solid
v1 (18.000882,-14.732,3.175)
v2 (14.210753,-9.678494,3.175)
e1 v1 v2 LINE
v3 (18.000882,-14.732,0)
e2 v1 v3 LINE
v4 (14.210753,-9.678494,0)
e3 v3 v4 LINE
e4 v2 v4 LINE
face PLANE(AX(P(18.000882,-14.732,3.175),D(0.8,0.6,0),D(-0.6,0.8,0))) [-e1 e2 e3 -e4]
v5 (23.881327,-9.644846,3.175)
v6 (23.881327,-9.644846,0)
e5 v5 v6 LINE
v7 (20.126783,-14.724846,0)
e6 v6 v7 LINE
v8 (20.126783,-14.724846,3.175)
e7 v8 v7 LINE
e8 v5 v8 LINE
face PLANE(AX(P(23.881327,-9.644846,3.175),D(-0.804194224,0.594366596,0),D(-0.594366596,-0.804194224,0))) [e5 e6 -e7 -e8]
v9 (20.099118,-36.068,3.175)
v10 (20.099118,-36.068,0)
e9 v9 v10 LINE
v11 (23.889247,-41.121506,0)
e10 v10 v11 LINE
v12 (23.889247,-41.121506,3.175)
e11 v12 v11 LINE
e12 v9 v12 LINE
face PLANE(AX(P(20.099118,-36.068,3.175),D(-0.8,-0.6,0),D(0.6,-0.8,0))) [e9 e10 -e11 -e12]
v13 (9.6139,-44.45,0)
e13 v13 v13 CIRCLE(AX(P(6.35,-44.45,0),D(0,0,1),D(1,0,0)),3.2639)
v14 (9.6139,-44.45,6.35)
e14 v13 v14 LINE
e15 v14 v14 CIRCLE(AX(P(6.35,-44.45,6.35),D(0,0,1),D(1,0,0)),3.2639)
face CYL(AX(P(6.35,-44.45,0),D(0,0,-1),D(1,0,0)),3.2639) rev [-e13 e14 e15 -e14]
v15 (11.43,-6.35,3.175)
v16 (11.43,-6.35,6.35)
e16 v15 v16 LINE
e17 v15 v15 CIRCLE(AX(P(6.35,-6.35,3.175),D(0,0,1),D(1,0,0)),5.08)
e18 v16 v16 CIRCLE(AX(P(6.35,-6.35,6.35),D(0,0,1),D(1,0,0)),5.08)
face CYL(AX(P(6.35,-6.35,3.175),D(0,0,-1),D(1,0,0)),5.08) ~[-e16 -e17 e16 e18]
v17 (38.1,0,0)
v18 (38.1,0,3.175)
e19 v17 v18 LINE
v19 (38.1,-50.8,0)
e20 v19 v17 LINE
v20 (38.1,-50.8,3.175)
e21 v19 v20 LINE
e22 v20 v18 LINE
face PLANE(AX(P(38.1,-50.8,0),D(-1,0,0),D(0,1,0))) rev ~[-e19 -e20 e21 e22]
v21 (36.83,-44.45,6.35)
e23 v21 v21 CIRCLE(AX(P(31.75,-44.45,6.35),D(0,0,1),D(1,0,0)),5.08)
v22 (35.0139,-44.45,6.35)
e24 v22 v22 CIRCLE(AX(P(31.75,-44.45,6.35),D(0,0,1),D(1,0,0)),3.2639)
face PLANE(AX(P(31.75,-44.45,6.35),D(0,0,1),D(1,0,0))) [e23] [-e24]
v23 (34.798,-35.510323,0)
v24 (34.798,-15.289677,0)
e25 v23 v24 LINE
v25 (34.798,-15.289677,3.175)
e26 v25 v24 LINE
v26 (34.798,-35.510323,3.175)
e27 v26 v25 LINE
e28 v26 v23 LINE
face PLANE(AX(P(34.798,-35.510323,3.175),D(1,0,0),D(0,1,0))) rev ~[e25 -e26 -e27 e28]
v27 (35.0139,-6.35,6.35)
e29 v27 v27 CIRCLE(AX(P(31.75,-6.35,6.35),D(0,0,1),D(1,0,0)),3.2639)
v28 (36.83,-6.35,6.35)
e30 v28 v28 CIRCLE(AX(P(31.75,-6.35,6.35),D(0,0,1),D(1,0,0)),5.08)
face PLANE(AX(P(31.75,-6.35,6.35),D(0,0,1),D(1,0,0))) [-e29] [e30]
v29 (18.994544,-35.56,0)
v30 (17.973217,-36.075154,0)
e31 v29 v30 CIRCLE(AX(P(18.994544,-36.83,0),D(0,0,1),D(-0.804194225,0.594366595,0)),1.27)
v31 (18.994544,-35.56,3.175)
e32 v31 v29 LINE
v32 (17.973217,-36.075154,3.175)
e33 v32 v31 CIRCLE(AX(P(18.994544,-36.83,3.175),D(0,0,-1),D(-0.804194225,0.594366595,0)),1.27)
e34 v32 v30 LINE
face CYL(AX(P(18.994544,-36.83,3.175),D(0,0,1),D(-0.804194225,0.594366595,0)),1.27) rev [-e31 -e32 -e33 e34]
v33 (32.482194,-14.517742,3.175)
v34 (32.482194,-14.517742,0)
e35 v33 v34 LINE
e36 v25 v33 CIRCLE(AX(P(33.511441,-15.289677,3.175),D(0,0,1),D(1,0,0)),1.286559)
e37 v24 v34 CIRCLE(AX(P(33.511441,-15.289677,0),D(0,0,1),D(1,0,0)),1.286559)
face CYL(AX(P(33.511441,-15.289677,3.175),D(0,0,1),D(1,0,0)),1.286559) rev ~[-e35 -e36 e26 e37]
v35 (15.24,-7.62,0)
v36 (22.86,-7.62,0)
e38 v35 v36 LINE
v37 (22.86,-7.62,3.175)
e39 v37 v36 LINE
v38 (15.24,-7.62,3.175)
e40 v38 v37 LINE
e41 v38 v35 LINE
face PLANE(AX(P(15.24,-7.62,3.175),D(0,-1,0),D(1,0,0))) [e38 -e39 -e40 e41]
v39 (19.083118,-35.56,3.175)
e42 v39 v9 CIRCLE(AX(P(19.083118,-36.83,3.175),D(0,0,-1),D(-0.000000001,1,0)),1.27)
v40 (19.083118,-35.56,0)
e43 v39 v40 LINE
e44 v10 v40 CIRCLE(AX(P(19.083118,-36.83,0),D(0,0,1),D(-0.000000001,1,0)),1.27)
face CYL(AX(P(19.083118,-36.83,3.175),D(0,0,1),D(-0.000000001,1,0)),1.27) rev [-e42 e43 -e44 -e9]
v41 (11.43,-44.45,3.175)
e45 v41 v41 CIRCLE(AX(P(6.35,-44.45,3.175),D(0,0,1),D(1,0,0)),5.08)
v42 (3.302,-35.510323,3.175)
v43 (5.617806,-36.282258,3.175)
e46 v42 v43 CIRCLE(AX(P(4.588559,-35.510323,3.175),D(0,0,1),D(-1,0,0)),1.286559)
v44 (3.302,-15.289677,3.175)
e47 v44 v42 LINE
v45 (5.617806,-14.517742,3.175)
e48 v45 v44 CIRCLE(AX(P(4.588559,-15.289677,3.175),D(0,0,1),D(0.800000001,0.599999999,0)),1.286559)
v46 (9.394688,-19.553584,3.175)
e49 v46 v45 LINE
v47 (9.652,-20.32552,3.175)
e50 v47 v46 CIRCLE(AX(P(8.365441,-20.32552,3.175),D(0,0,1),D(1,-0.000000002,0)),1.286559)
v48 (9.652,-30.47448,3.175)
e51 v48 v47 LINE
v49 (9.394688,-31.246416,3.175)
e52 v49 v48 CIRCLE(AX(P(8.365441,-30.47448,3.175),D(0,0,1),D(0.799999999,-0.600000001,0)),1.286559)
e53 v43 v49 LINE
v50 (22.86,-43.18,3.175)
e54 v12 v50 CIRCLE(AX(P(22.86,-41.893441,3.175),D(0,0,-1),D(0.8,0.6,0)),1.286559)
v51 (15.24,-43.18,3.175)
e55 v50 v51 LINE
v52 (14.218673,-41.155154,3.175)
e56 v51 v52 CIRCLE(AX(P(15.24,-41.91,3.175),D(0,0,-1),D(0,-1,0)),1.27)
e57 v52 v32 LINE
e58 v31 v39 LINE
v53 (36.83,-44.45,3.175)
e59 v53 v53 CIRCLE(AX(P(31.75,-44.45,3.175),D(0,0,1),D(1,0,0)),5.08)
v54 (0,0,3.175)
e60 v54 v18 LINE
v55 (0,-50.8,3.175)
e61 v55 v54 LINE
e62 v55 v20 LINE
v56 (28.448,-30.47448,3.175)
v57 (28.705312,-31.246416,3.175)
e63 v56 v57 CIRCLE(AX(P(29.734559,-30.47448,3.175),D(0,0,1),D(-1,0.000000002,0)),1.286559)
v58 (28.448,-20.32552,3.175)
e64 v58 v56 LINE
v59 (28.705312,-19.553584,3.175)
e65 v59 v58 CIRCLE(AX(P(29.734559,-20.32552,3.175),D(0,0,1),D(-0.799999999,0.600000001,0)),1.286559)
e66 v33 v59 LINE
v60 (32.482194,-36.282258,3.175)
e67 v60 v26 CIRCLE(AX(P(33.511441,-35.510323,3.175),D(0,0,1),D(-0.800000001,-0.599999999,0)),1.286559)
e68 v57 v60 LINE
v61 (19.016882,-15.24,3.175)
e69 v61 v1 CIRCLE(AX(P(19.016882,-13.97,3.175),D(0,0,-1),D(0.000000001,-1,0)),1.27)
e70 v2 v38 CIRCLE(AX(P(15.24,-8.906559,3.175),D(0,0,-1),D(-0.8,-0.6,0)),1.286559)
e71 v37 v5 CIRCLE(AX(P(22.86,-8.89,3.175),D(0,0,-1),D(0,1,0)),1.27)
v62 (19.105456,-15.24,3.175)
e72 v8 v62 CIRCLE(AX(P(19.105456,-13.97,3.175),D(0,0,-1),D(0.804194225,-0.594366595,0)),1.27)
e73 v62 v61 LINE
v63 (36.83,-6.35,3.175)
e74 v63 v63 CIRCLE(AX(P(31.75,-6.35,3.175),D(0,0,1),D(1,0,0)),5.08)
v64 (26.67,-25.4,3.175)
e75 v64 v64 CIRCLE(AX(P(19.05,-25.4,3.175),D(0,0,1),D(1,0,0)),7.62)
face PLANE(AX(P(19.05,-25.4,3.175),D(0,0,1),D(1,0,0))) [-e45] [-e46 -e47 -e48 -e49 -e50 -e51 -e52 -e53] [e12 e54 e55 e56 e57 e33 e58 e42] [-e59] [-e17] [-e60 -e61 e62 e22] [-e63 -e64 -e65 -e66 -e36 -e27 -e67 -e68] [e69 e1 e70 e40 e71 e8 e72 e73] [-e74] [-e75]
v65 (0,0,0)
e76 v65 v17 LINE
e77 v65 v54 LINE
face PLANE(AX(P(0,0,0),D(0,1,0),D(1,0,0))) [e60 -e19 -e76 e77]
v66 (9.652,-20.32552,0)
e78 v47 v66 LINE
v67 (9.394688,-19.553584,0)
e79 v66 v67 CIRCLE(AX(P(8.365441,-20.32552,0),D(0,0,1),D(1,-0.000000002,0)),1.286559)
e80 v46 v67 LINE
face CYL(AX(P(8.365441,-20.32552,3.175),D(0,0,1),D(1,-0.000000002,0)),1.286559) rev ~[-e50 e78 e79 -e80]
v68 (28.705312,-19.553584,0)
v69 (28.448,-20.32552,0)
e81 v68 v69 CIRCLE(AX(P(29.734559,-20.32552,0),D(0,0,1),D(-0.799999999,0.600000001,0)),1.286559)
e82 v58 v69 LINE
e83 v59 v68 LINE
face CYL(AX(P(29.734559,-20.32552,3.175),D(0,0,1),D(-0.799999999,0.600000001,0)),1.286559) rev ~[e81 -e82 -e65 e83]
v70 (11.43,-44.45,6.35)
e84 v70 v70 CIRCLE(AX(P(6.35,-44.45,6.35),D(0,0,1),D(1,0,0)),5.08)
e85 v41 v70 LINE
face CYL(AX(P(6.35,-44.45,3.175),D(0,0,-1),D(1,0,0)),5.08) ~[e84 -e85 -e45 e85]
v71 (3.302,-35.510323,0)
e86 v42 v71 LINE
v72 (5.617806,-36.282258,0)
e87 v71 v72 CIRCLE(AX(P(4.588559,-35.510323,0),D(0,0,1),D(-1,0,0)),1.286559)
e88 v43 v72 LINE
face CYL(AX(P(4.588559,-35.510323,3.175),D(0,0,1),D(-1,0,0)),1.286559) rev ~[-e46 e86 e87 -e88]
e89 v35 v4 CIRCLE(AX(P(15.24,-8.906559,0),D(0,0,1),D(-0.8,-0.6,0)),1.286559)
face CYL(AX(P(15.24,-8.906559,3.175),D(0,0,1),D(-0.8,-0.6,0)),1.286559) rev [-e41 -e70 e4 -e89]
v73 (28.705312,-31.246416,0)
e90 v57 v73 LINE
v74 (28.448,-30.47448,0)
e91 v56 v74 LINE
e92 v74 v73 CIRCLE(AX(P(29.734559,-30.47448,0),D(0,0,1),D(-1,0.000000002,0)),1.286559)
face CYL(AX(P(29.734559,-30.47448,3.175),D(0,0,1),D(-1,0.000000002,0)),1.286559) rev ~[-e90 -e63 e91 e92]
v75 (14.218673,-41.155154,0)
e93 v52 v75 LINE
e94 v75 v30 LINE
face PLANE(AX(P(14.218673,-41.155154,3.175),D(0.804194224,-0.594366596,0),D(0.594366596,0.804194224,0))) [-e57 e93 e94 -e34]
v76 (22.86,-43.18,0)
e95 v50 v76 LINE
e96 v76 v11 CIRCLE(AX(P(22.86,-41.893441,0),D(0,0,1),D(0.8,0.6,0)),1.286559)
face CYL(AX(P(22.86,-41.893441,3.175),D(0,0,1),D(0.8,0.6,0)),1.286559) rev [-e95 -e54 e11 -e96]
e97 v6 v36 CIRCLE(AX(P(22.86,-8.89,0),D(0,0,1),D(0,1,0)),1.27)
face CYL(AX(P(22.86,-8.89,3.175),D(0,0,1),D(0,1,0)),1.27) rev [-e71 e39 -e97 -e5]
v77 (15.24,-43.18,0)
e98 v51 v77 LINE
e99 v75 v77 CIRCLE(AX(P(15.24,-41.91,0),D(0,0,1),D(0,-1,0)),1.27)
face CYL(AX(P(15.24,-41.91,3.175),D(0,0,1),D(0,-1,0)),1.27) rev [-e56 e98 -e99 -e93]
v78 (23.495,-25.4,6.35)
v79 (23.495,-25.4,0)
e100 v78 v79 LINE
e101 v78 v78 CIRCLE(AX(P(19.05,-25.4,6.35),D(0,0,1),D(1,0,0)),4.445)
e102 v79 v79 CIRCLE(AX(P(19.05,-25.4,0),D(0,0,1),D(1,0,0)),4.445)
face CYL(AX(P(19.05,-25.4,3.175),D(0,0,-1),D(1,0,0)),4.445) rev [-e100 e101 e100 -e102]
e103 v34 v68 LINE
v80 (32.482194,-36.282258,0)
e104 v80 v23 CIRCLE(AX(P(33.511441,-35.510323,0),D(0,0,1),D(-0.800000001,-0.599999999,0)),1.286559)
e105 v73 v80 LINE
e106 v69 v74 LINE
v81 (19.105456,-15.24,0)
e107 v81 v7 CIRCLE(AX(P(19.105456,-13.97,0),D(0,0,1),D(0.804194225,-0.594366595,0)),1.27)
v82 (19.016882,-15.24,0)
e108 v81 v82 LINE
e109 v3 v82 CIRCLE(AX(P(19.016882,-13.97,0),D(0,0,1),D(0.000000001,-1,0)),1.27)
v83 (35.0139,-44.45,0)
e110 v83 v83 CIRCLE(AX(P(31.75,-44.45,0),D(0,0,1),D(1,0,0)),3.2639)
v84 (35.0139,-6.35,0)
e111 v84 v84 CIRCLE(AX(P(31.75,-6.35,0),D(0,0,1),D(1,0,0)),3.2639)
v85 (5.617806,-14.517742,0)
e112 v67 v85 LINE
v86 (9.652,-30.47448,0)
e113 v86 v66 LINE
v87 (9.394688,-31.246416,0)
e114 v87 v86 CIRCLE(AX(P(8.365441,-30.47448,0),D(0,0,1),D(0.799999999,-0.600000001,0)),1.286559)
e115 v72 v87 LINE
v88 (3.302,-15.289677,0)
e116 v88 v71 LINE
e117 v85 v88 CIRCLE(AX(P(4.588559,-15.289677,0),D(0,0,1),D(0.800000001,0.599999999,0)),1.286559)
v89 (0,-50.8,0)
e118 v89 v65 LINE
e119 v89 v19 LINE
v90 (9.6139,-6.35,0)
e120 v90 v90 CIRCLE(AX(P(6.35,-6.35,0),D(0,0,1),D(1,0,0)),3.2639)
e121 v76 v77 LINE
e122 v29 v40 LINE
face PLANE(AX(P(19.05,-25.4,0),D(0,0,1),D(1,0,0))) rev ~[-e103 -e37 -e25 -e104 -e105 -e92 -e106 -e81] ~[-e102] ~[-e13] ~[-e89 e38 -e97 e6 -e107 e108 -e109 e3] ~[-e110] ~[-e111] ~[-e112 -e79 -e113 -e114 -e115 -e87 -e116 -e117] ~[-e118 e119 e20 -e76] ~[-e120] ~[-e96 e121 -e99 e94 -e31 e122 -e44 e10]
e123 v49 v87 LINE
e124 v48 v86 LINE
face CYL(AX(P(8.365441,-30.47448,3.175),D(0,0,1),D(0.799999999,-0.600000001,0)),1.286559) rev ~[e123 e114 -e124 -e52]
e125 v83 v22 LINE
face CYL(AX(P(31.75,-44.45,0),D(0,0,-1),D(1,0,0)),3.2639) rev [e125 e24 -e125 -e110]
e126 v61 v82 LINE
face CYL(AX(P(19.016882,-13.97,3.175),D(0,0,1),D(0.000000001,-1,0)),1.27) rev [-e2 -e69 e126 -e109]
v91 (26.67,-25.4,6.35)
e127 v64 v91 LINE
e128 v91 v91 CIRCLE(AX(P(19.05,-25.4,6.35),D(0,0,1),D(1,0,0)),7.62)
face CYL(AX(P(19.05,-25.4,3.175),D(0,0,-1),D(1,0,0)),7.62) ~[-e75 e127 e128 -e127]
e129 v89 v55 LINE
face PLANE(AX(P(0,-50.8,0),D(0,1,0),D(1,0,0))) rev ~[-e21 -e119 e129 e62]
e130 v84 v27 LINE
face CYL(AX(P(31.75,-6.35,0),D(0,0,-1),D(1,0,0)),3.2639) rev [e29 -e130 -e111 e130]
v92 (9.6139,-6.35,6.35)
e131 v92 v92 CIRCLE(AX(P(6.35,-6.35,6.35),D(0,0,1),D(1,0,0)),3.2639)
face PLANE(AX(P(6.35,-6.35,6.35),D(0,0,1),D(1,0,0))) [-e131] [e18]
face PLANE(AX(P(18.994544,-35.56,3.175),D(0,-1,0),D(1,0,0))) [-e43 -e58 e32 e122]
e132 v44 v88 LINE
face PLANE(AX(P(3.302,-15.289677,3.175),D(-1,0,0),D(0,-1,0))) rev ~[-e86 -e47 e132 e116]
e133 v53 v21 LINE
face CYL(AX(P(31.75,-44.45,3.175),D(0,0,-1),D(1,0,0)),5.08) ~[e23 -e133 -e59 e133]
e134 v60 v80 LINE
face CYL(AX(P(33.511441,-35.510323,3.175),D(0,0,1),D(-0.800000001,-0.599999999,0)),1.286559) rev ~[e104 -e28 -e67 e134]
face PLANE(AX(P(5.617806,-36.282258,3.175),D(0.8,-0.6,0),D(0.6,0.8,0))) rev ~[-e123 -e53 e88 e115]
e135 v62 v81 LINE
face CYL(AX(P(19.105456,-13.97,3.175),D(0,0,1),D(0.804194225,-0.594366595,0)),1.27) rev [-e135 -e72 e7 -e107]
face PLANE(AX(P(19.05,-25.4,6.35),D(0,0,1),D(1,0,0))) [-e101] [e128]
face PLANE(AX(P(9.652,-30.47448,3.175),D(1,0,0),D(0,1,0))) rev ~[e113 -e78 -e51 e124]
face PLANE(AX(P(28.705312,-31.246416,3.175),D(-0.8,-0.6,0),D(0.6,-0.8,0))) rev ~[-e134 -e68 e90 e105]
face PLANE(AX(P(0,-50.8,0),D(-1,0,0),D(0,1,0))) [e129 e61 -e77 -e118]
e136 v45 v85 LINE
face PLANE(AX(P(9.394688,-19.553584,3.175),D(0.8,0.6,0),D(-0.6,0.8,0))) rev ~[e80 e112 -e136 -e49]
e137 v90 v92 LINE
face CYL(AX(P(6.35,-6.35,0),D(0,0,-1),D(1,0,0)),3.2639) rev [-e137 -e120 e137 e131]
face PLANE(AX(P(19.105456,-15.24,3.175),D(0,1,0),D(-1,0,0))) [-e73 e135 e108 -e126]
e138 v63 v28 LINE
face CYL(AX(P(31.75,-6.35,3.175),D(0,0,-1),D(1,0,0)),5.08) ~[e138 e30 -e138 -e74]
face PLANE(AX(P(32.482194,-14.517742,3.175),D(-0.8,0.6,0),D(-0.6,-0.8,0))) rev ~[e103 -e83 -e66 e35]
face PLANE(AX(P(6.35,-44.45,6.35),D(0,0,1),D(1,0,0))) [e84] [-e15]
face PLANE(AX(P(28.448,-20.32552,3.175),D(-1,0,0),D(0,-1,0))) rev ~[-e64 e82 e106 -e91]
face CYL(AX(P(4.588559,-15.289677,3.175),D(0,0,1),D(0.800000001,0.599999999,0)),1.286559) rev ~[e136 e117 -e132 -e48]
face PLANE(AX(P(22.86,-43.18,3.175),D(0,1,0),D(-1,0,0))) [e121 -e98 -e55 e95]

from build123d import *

# Parameters (mm, degrees)
SKETCH1_W                           = 38.1
SKETCH1_H                           = 50.8
SKETCH1_R                           = 3.2639
SKETCH1_R_2                         = 4.445
BASE_EXTRUDE_DEPTH                  = 3.175
SKETCH2_R                           = 7.62
SKETCH2_R_2                         = 4.445
SKETCH2_R_3                         = 5.08
SKETCH2_R_4                         = 3.2639
RAISER_DEPTH                        = 3.175
WEIGHT_REDUCTION_SCREW_ACCESS_DEPTH = 4.175


with BuildPart() as part:
    # Sketch1 → Base Extrude (new body)
    with BuildSketch(Plane.XY):
        with Locations((19.05, -25.4)):
            Rectangle(SKETCH1_W, SKETCH1_H)
        with Locations((6.35, -6.35)):
            Circle(SKETCH1_R, mode=Mode.SUBTRACT)
        with Locations((6.35, -44.45)):
            Circle(SKETCH1_R, mode=Mode.SUBTRACT)
        with Locations((31.75, -44.45)):
            Circle(SKETCH1_R, mode=Mode.SUBTRACT)
        with Locations((31.75, -6.35)):
            Circle(SKETCH1_R, mode=Mode.SUBTRACT)
        with Locations((19.05, -25.4)):
            Circle(SKETCH1_R_2, mode=Mode.SUBTRACT)
    extrude(amount=BASE_EXTRUDE_DEPTH)

    # Sketch2 → Raiser (add)
    with BuildSketch(Plane.XY.offset(3.175)):
        with Locations((19.05, -25.4)):
            Circle(SKETCH2_R)
        with Locations((19.05, -25.4)):
            Circle(SKETCH2_R_2, mode=Mode.SUBTRACT)
        with Locations((6.35, -6.35)):
            Circle(SKETCH2_R_3)
        with Locations((6.35, -6.35)):
            Circle(SKETCH2_R_4, mode=Mode.SUBTRACT)
        with Locations((31.75, -6.35)):
            Circle(SKETCH2_R_3)
        with Locations((31.75, -6.35)):
            Circle(SKETCH2_R_4, mode=Mode.SUBTRACT)
        with Locations((6.35, -44.45)):
            Circle(SKETCH2_R_3)
        with Locations((6.35, -44.45)):
            Circle(SKETCH2_R_4, mode=Mode.SUBTRACT)
        with Locations((31.75, -44.45)):
            Circle(SKETCH2_R_3)
        with Locations((31.75, -44.45)):
            Circle(SKETCH2_R_4, mode=Mode.SUBTRACT)
    extrude(amount=RAISER_DEPTH)

    # Sketch3 → Weight Reduction - screw access (cut, through all)
    with BuildSketch(Plane.XY.offset(3.175)):
        with BuildLine():
            Line((3.302, -15.289677034), (3.302, -35.510322966))
            ThreePointArc((3.302, -35.510322966), (4.181713329, -36.730860012), (5.617806221, -36.282258372))
            Line((5.617806221, -36.282258372), (9.394688198, -31.246415736))
            ThreePointArc((9.394688198, -31.246415736), (9.585978035, -30.881326012), (9.652, -30.47448033))
            Line((9.652, -30.47448033), (9.652, -20.32551967))
            ThreePointArc((9.652, -20.32551967), (9.585978035, -19.918673988), (9.394688198, -19.553584264))
            Line((9.394688198, -19.553584264), (5.617806221, -14.517741628))
            ThreePointArc((5.617806221, -14.517741628), (4.181713329, -14.069139988), (3.302, -15.289677034))
        make_face()
        with BuildLine():
            Line((15.24, -7.62), (22.86, -7.62))
            ThreePointArc((22.86, -7.62), (23.993921047, -8.318053273), (23.881326665, -9.644845576))
            Line((23.881326665, -9.644845576), (20.126783029, -14.724845576))
            ThreePointArc((20.126783029, -14.724845576), (19.677403092, -15.103921047), (19.105456364, -15.24))
            Line((19.105456364, -15.24), (19.016881977, -15.24))
            ThreePointArc((19.016881977, -15.24), (18.448920711, -15.105922533), (18.000881977, -14.732))
            Line((18.000881977, -14.732), (14.210752791, -9.678494418))
            ThreePointArc((14.210752791, -9.678494418), (14.089266637, -8.33119233), (15.24, -7.62))
        make_face()
        with BuildLine():
            Line((14.218673335, -41.155154424), (17.973216971, -36.075154424))
            ThreePointArc((17.973216971, -36.075154424), (18.422596908, -35.696078953), (18.994543636, -35.56))
            Line((18.994543636, -35.56), (19.083118023, -35.56))
            ThreePointArc((19.083118023, -35.56), (19.651079289, -35.694077467), (20.099118023, -36.068))
            Line((20.099118023, -36.068), (23.889247209, -41.121505582))
            ThreePointArc((23.889247209, -41.121505582), (24.010733363, -42.46880767), (22.86, -43.18))
            Line((22.86, -43.18), (15.24, -43.18))
            ThreePointArc((15.24, -43.18), (14.106078953, -42.481946727), (14.218673335, -41.155154424))
        make_face()
        with BuildLine():
            Line((28.705311802, -31.246415736), (32.482193779, -36.282258372))
            ThreePointArc((32.482193779, -36.282258372), (33.918286671, -36.730860012), (34.798, -35.510322966))
            Line((34.798, -35.510322966), (34.798, -15.289677034))
            ThreePointArc((34.798, -15.289677034), (33.918286671, -14.069139988), (32.482193779, -14.517741628))
            Line((32.482193779, -14.517741628), (28.705311802, -19.553584264))
            ThreePointArc((28.705311802, -19.553584264), (28.514021965, -19.918673988), (28.448, -20.32551967))
            Line((28.448, -20.32551967), (28.448, -30.47448033))
            ThreePointArc((28.448, -30.47448033), (28.514021965, -30.881326012), (28.705311802, -31.246415736))
        make_face()
    extrude(amount=-WEIGHT_REDUCTION_SCREW_ACCESS_DEPTH, mode=Mode.SUBTRACT)


solid = part.part
